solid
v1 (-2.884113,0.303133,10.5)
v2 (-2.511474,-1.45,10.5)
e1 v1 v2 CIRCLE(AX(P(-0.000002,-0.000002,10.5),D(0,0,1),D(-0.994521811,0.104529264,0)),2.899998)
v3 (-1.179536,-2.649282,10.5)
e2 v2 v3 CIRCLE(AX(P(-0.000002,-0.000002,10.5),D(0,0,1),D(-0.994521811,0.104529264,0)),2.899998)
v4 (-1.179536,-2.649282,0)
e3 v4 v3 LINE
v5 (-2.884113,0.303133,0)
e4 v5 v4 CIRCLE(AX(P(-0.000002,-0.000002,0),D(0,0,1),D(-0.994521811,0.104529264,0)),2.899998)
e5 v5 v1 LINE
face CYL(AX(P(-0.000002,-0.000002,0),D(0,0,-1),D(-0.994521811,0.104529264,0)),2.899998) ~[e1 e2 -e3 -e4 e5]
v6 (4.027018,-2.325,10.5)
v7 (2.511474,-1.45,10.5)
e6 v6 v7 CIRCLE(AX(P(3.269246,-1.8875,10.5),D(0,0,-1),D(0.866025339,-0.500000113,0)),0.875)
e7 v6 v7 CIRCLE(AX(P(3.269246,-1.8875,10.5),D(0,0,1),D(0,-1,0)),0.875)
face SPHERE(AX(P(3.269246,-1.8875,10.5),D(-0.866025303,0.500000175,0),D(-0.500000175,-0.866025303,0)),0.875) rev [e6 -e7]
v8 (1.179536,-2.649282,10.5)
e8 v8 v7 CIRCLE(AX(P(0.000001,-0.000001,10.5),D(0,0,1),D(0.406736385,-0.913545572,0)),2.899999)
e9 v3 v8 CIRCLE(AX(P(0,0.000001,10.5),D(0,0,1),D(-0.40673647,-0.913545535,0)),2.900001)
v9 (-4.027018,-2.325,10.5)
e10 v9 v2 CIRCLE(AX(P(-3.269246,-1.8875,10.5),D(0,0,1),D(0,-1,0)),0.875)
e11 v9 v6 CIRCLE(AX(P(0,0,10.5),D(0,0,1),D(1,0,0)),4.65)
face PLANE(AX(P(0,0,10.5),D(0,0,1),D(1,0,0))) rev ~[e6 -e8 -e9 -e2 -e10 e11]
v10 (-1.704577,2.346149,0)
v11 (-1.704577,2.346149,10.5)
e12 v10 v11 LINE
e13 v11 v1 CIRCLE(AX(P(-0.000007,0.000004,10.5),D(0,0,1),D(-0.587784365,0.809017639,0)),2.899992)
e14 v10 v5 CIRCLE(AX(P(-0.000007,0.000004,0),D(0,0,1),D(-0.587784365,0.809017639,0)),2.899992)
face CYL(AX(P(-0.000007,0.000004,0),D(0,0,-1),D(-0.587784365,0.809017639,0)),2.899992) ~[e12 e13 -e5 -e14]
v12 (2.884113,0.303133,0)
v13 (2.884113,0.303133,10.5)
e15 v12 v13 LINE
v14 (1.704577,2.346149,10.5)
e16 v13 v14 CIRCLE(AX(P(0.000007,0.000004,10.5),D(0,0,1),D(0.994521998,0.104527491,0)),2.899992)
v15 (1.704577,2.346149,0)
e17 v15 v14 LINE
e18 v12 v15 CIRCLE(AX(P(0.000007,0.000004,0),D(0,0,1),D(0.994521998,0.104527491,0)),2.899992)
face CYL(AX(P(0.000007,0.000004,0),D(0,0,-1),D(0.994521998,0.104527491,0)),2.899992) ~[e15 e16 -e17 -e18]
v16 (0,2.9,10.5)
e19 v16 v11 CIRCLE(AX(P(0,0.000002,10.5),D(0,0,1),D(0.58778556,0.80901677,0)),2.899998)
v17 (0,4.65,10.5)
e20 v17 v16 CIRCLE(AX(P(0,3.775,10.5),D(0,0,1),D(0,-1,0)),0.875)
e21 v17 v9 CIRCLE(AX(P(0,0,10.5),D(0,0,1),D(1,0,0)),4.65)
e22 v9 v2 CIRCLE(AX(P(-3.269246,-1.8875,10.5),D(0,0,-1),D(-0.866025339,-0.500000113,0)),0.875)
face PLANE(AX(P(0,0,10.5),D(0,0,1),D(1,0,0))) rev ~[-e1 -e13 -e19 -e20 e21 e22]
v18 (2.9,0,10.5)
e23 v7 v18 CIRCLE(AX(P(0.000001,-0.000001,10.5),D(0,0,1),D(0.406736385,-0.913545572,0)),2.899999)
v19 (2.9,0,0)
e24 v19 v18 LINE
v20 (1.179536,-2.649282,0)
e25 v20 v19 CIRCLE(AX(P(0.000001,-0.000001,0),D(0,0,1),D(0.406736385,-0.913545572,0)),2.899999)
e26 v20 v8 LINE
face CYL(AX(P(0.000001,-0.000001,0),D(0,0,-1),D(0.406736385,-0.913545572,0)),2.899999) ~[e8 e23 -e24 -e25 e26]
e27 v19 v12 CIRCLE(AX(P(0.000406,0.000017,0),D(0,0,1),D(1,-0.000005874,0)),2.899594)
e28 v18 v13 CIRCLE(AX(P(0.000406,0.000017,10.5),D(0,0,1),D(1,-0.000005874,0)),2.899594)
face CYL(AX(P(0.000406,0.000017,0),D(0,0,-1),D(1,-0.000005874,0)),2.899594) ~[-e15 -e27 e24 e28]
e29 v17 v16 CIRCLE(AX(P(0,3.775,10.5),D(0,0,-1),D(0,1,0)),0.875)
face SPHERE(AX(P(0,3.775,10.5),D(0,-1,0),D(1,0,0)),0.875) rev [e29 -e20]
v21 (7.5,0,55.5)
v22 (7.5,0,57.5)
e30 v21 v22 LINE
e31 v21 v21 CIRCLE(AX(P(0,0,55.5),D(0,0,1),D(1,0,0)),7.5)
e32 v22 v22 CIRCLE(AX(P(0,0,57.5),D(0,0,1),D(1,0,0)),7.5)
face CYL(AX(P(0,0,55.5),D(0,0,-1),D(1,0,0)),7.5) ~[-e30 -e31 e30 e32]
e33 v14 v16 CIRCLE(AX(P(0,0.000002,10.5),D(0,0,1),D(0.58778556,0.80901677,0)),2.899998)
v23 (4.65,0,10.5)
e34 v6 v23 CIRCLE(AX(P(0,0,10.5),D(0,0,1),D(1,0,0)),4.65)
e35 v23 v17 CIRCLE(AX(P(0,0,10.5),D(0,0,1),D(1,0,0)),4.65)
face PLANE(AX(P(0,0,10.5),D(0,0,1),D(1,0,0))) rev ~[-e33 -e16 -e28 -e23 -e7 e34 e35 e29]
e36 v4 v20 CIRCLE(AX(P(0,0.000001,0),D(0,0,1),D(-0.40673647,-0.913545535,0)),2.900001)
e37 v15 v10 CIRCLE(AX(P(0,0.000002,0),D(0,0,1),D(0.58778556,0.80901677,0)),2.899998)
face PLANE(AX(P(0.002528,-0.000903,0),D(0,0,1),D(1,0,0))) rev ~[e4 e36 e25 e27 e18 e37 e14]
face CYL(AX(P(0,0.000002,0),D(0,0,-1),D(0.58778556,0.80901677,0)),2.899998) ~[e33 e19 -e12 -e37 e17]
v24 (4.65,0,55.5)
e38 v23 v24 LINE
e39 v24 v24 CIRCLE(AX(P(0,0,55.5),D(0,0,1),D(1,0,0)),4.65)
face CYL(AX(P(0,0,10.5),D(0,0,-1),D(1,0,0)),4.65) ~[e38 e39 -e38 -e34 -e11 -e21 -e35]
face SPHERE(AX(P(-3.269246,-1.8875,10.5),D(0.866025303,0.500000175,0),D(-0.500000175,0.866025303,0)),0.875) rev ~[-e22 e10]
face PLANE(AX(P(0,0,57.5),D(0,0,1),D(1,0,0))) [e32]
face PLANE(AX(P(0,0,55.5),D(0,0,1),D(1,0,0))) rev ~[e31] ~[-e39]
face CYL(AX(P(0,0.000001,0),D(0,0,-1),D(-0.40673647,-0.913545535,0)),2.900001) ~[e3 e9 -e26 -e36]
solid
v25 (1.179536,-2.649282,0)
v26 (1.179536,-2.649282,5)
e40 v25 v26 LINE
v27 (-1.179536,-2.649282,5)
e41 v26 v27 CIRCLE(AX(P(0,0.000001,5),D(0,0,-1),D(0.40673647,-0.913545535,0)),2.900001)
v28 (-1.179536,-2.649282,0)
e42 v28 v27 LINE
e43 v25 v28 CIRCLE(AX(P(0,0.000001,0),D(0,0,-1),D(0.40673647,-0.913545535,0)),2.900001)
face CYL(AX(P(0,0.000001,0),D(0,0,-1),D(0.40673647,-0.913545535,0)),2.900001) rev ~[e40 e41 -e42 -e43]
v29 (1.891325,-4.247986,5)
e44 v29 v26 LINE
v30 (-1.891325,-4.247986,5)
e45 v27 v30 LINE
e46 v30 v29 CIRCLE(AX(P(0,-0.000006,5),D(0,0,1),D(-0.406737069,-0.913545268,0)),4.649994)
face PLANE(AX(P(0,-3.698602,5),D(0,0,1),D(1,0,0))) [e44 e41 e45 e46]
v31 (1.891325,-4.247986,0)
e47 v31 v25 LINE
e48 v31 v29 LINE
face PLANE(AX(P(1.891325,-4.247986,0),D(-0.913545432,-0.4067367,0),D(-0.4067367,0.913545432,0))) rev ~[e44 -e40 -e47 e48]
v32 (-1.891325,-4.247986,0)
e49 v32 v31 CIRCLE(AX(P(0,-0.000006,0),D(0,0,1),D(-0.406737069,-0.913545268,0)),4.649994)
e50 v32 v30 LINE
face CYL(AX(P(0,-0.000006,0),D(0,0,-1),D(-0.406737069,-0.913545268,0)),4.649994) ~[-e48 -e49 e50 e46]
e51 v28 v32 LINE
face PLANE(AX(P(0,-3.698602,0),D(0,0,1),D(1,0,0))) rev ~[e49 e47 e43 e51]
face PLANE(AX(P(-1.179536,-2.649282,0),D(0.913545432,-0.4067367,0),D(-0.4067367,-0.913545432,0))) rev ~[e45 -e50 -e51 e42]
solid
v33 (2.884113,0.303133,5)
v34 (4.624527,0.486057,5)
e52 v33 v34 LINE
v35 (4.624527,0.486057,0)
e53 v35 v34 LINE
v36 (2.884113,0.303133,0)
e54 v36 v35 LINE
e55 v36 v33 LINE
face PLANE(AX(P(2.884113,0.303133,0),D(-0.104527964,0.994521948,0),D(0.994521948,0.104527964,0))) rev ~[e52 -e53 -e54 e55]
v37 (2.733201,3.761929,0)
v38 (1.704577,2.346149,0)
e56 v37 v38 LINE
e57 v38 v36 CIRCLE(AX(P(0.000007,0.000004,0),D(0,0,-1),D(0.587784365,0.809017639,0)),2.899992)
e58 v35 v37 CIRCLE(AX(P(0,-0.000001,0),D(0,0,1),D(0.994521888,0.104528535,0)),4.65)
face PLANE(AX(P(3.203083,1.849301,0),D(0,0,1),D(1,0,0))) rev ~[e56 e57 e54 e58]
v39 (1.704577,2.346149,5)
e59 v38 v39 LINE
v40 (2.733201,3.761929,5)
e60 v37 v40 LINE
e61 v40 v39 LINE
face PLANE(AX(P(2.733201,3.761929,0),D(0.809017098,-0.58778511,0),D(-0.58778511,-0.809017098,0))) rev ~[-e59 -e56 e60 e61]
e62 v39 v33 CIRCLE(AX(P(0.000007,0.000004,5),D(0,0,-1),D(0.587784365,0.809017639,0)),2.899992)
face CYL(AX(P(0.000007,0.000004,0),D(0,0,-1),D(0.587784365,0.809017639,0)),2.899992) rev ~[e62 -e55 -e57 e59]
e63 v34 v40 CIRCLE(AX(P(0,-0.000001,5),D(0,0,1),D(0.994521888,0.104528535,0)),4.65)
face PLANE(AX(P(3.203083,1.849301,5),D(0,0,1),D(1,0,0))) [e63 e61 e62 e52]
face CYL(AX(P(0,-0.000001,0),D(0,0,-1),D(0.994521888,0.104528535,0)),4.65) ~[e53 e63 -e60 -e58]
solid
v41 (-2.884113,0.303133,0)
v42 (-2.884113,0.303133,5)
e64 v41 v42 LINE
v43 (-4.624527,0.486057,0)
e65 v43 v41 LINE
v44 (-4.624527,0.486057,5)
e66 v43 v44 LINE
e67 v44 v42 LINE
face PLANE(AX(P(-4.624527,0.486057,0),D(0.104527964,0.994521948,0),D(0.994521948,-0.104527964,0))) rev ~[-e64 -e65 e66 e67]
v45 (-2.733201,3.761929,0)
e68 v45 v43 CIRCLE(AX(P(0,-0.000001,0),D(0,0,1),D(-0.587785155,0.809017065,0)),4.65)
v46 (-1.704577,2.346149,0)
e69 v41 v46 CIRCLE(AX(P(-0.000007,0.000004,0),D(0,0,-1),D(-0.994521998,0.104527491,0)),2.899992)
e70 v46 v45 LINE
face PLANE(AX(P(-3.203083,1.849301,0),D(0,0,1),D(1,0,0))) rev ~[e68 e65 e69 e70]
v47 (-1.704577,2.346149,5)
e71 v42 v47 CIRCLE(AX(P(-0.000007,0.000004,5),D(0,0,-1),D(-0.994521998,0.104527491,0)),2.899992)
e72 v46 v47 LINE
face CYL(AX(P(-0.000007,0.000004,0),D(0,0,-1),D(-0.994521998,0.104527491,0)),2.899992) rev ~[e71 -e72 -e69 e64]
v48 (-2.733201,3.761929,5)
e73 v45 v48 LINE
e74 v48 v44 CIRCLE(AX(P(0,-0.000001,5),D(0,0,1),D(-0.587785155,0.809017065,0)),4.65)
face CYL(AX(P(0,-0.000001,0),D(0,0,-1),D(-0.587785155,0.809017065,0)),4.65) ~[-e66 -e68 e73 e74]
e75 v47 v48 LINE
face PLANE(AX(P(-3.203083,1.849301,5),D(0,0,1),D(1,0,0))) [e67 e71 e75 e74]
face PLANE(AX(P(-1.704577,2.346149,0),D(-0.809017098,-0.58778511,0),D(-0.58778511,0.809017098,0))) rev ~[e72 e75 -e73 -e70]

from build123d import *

# Parameters (mm, degrees)
F1_DEPTH = 5
F2_DEPTH = 10.5
F3_R     = 4.65
F3_R_2   = 2.9
F4_DEPTH = 45
F5_R     = 7.5
F5_R_2   = 4.65
F6_DEPTH = 2


with BuildPart() as f1:
    # F0 (on Top) → F1 (new body)
    with BuildSketch(Plane.XY):
        with BuildLine():
            Line((-1.704577, 2.346149), (-2.733201, 3.761929))
            ThreePointArc((-2.733201, 3.761929), (-4.027018, 2.325), (-4.624527, 0.486057))
            Line((-4.624527, 0.486057), (-2.884113, 0.303133))
            ThreePointArc((-2.884113, 0.303133), (-2.511474, 1.45), (-1.704577, 2.346149))
        make_face()
        with BuildLine():
            Line((2.733201, 3.761929), (1.704577, 2.346149))
            ThreePointArc((1.704577, 2.346149), (2.511474, 1.45), (2.884113, 0.303133))
            Line((2.884113, 0.303133), (4.624527, 0.486057))
            ThreePointArc((4.624527, 0.486057), (4.027018, 2.325), (2.733201, 3.761929))
        make_face()
        with BuildLine():
            ThreePointArc((1.179536, -2.649282), (0, -2.9), (-1.179536, -2.649282))
            Line((-1.179536, -2.649282), (-1.891325, -4.247986))
            ThreePointArc((-1.891325, -4.247986), (0, -4.65), (1.891325, -4.247986))
            Line((1.891325, -4.247986), (1.179536, -2.649282))
        make_face()
    extrude(amount=F1_DEPTH)


with BuildPart() as f2:
    # F0 (on Top) → F2 (new body)
    with BuildSketch(Plane.XY):
        with BuildLine():
            ThreePointArc((1.704577, 2.346149), (0, 2.9), (-1.704577, 2.346149))
            ThreePointArc((-1.704577, 2.346149), (-2.511474, 1.45), (-2.884113, 0.303133))
            ThreePointArc((-2.884113, 0.303133), (-2.511474, -1.45), (-1.179536, -2.649282))
            ThreePointArc((-1.179536, -2.649282), (0, -2.9), (1.179536, -2.649282))
            ThreePointArc((1.179536, -2.649282), (2.432145, -1.579453), (2.9, 0))
            ThreePointArc((2.9, 0), (2.896026, 0.151774), (2.884113, 0.303133))
            ThreePointArc((2.884113, 0.303133), (2.511474, 1.45), (1.704577, 2.346149))
        make_face()
    extrude(amount=F2_DEPTH)

    # F3 (on face) → F4 (join)
    with BuildSketch(Plane.XY.offset(10.5)):
        Circle(F3_R)
        Circle(F3_R_2, mode=Mode.SUBTRACT)
        Circle(F3_R_2)
    extrude(amount=F4_DEPTH)

    # F5 (on face) → F6 (join)
    with BuildSketch(Plane.XY.offset(55.5)):
        Circle(F5_R)
        Circle(F5_R_2, mode=Mode.SUBTRACT)
        Circle(F5_R_2)
    extrude(amount=F6_DEPTH)

    # F7 (on face) → F8 (revolve, cut)
    with BuildSketch(Plane(origin=(0, 0, 10.5), x_dir=(1, 0, 0), z_dir=(0, 0, -1))):
        with BuildLine():
            Line((-2.511474, 1.45), (-4.027018, 2.325))
            ThreePointArc((-4.027018, 2.325), (-3.706746, 1.129728), (-2.511474, 1.45))
        make_face()
    revolve(axis=Axis((-3.269246, -1.8875, 10.5), (0.866025, 0.5, 0)), mode=Mode.SUBTRACT)

    # F7 (on face) → F9 (revolve, cut)
    with BuildSketch(Plane(origin=(0, 0, 10.5), x_dir=(1, 0, 0), z_dir=(0, 0, -1))):
        with BuildLine():
            Line((2.511474, 1.45), (4.027018, 2.325))
            ThreePointArc((4.027018, 2.325), (2.831746, 2.645272), (2.511474, 1.45))
        make_face()
    revolve(axis=Axis((3.269246, -1.8875, 10.5), (0.866025, -0.5, 0)), mode=Mode.SUBTRACT)

    # F7 (on face) → F10 (revolve, cut)
    with BuildSketch(Plane(origin=(0, 0, 10.5), x_dir=(1, 0, 0), z_dir=(0, 0, -1))):
        with BuildLine():
            Line((0, -2.9), (0, -4.65))
            ThreePointArc((0, -4.65), (0.875, -3.775), (0, -2.9))
        make_face()
    revolve(axis=Axis((0, 3.775, 10.5), (0, 1, 0)), mode=Mode.SUBTRACT)


solid = Compound([f1.part, f2.part])
